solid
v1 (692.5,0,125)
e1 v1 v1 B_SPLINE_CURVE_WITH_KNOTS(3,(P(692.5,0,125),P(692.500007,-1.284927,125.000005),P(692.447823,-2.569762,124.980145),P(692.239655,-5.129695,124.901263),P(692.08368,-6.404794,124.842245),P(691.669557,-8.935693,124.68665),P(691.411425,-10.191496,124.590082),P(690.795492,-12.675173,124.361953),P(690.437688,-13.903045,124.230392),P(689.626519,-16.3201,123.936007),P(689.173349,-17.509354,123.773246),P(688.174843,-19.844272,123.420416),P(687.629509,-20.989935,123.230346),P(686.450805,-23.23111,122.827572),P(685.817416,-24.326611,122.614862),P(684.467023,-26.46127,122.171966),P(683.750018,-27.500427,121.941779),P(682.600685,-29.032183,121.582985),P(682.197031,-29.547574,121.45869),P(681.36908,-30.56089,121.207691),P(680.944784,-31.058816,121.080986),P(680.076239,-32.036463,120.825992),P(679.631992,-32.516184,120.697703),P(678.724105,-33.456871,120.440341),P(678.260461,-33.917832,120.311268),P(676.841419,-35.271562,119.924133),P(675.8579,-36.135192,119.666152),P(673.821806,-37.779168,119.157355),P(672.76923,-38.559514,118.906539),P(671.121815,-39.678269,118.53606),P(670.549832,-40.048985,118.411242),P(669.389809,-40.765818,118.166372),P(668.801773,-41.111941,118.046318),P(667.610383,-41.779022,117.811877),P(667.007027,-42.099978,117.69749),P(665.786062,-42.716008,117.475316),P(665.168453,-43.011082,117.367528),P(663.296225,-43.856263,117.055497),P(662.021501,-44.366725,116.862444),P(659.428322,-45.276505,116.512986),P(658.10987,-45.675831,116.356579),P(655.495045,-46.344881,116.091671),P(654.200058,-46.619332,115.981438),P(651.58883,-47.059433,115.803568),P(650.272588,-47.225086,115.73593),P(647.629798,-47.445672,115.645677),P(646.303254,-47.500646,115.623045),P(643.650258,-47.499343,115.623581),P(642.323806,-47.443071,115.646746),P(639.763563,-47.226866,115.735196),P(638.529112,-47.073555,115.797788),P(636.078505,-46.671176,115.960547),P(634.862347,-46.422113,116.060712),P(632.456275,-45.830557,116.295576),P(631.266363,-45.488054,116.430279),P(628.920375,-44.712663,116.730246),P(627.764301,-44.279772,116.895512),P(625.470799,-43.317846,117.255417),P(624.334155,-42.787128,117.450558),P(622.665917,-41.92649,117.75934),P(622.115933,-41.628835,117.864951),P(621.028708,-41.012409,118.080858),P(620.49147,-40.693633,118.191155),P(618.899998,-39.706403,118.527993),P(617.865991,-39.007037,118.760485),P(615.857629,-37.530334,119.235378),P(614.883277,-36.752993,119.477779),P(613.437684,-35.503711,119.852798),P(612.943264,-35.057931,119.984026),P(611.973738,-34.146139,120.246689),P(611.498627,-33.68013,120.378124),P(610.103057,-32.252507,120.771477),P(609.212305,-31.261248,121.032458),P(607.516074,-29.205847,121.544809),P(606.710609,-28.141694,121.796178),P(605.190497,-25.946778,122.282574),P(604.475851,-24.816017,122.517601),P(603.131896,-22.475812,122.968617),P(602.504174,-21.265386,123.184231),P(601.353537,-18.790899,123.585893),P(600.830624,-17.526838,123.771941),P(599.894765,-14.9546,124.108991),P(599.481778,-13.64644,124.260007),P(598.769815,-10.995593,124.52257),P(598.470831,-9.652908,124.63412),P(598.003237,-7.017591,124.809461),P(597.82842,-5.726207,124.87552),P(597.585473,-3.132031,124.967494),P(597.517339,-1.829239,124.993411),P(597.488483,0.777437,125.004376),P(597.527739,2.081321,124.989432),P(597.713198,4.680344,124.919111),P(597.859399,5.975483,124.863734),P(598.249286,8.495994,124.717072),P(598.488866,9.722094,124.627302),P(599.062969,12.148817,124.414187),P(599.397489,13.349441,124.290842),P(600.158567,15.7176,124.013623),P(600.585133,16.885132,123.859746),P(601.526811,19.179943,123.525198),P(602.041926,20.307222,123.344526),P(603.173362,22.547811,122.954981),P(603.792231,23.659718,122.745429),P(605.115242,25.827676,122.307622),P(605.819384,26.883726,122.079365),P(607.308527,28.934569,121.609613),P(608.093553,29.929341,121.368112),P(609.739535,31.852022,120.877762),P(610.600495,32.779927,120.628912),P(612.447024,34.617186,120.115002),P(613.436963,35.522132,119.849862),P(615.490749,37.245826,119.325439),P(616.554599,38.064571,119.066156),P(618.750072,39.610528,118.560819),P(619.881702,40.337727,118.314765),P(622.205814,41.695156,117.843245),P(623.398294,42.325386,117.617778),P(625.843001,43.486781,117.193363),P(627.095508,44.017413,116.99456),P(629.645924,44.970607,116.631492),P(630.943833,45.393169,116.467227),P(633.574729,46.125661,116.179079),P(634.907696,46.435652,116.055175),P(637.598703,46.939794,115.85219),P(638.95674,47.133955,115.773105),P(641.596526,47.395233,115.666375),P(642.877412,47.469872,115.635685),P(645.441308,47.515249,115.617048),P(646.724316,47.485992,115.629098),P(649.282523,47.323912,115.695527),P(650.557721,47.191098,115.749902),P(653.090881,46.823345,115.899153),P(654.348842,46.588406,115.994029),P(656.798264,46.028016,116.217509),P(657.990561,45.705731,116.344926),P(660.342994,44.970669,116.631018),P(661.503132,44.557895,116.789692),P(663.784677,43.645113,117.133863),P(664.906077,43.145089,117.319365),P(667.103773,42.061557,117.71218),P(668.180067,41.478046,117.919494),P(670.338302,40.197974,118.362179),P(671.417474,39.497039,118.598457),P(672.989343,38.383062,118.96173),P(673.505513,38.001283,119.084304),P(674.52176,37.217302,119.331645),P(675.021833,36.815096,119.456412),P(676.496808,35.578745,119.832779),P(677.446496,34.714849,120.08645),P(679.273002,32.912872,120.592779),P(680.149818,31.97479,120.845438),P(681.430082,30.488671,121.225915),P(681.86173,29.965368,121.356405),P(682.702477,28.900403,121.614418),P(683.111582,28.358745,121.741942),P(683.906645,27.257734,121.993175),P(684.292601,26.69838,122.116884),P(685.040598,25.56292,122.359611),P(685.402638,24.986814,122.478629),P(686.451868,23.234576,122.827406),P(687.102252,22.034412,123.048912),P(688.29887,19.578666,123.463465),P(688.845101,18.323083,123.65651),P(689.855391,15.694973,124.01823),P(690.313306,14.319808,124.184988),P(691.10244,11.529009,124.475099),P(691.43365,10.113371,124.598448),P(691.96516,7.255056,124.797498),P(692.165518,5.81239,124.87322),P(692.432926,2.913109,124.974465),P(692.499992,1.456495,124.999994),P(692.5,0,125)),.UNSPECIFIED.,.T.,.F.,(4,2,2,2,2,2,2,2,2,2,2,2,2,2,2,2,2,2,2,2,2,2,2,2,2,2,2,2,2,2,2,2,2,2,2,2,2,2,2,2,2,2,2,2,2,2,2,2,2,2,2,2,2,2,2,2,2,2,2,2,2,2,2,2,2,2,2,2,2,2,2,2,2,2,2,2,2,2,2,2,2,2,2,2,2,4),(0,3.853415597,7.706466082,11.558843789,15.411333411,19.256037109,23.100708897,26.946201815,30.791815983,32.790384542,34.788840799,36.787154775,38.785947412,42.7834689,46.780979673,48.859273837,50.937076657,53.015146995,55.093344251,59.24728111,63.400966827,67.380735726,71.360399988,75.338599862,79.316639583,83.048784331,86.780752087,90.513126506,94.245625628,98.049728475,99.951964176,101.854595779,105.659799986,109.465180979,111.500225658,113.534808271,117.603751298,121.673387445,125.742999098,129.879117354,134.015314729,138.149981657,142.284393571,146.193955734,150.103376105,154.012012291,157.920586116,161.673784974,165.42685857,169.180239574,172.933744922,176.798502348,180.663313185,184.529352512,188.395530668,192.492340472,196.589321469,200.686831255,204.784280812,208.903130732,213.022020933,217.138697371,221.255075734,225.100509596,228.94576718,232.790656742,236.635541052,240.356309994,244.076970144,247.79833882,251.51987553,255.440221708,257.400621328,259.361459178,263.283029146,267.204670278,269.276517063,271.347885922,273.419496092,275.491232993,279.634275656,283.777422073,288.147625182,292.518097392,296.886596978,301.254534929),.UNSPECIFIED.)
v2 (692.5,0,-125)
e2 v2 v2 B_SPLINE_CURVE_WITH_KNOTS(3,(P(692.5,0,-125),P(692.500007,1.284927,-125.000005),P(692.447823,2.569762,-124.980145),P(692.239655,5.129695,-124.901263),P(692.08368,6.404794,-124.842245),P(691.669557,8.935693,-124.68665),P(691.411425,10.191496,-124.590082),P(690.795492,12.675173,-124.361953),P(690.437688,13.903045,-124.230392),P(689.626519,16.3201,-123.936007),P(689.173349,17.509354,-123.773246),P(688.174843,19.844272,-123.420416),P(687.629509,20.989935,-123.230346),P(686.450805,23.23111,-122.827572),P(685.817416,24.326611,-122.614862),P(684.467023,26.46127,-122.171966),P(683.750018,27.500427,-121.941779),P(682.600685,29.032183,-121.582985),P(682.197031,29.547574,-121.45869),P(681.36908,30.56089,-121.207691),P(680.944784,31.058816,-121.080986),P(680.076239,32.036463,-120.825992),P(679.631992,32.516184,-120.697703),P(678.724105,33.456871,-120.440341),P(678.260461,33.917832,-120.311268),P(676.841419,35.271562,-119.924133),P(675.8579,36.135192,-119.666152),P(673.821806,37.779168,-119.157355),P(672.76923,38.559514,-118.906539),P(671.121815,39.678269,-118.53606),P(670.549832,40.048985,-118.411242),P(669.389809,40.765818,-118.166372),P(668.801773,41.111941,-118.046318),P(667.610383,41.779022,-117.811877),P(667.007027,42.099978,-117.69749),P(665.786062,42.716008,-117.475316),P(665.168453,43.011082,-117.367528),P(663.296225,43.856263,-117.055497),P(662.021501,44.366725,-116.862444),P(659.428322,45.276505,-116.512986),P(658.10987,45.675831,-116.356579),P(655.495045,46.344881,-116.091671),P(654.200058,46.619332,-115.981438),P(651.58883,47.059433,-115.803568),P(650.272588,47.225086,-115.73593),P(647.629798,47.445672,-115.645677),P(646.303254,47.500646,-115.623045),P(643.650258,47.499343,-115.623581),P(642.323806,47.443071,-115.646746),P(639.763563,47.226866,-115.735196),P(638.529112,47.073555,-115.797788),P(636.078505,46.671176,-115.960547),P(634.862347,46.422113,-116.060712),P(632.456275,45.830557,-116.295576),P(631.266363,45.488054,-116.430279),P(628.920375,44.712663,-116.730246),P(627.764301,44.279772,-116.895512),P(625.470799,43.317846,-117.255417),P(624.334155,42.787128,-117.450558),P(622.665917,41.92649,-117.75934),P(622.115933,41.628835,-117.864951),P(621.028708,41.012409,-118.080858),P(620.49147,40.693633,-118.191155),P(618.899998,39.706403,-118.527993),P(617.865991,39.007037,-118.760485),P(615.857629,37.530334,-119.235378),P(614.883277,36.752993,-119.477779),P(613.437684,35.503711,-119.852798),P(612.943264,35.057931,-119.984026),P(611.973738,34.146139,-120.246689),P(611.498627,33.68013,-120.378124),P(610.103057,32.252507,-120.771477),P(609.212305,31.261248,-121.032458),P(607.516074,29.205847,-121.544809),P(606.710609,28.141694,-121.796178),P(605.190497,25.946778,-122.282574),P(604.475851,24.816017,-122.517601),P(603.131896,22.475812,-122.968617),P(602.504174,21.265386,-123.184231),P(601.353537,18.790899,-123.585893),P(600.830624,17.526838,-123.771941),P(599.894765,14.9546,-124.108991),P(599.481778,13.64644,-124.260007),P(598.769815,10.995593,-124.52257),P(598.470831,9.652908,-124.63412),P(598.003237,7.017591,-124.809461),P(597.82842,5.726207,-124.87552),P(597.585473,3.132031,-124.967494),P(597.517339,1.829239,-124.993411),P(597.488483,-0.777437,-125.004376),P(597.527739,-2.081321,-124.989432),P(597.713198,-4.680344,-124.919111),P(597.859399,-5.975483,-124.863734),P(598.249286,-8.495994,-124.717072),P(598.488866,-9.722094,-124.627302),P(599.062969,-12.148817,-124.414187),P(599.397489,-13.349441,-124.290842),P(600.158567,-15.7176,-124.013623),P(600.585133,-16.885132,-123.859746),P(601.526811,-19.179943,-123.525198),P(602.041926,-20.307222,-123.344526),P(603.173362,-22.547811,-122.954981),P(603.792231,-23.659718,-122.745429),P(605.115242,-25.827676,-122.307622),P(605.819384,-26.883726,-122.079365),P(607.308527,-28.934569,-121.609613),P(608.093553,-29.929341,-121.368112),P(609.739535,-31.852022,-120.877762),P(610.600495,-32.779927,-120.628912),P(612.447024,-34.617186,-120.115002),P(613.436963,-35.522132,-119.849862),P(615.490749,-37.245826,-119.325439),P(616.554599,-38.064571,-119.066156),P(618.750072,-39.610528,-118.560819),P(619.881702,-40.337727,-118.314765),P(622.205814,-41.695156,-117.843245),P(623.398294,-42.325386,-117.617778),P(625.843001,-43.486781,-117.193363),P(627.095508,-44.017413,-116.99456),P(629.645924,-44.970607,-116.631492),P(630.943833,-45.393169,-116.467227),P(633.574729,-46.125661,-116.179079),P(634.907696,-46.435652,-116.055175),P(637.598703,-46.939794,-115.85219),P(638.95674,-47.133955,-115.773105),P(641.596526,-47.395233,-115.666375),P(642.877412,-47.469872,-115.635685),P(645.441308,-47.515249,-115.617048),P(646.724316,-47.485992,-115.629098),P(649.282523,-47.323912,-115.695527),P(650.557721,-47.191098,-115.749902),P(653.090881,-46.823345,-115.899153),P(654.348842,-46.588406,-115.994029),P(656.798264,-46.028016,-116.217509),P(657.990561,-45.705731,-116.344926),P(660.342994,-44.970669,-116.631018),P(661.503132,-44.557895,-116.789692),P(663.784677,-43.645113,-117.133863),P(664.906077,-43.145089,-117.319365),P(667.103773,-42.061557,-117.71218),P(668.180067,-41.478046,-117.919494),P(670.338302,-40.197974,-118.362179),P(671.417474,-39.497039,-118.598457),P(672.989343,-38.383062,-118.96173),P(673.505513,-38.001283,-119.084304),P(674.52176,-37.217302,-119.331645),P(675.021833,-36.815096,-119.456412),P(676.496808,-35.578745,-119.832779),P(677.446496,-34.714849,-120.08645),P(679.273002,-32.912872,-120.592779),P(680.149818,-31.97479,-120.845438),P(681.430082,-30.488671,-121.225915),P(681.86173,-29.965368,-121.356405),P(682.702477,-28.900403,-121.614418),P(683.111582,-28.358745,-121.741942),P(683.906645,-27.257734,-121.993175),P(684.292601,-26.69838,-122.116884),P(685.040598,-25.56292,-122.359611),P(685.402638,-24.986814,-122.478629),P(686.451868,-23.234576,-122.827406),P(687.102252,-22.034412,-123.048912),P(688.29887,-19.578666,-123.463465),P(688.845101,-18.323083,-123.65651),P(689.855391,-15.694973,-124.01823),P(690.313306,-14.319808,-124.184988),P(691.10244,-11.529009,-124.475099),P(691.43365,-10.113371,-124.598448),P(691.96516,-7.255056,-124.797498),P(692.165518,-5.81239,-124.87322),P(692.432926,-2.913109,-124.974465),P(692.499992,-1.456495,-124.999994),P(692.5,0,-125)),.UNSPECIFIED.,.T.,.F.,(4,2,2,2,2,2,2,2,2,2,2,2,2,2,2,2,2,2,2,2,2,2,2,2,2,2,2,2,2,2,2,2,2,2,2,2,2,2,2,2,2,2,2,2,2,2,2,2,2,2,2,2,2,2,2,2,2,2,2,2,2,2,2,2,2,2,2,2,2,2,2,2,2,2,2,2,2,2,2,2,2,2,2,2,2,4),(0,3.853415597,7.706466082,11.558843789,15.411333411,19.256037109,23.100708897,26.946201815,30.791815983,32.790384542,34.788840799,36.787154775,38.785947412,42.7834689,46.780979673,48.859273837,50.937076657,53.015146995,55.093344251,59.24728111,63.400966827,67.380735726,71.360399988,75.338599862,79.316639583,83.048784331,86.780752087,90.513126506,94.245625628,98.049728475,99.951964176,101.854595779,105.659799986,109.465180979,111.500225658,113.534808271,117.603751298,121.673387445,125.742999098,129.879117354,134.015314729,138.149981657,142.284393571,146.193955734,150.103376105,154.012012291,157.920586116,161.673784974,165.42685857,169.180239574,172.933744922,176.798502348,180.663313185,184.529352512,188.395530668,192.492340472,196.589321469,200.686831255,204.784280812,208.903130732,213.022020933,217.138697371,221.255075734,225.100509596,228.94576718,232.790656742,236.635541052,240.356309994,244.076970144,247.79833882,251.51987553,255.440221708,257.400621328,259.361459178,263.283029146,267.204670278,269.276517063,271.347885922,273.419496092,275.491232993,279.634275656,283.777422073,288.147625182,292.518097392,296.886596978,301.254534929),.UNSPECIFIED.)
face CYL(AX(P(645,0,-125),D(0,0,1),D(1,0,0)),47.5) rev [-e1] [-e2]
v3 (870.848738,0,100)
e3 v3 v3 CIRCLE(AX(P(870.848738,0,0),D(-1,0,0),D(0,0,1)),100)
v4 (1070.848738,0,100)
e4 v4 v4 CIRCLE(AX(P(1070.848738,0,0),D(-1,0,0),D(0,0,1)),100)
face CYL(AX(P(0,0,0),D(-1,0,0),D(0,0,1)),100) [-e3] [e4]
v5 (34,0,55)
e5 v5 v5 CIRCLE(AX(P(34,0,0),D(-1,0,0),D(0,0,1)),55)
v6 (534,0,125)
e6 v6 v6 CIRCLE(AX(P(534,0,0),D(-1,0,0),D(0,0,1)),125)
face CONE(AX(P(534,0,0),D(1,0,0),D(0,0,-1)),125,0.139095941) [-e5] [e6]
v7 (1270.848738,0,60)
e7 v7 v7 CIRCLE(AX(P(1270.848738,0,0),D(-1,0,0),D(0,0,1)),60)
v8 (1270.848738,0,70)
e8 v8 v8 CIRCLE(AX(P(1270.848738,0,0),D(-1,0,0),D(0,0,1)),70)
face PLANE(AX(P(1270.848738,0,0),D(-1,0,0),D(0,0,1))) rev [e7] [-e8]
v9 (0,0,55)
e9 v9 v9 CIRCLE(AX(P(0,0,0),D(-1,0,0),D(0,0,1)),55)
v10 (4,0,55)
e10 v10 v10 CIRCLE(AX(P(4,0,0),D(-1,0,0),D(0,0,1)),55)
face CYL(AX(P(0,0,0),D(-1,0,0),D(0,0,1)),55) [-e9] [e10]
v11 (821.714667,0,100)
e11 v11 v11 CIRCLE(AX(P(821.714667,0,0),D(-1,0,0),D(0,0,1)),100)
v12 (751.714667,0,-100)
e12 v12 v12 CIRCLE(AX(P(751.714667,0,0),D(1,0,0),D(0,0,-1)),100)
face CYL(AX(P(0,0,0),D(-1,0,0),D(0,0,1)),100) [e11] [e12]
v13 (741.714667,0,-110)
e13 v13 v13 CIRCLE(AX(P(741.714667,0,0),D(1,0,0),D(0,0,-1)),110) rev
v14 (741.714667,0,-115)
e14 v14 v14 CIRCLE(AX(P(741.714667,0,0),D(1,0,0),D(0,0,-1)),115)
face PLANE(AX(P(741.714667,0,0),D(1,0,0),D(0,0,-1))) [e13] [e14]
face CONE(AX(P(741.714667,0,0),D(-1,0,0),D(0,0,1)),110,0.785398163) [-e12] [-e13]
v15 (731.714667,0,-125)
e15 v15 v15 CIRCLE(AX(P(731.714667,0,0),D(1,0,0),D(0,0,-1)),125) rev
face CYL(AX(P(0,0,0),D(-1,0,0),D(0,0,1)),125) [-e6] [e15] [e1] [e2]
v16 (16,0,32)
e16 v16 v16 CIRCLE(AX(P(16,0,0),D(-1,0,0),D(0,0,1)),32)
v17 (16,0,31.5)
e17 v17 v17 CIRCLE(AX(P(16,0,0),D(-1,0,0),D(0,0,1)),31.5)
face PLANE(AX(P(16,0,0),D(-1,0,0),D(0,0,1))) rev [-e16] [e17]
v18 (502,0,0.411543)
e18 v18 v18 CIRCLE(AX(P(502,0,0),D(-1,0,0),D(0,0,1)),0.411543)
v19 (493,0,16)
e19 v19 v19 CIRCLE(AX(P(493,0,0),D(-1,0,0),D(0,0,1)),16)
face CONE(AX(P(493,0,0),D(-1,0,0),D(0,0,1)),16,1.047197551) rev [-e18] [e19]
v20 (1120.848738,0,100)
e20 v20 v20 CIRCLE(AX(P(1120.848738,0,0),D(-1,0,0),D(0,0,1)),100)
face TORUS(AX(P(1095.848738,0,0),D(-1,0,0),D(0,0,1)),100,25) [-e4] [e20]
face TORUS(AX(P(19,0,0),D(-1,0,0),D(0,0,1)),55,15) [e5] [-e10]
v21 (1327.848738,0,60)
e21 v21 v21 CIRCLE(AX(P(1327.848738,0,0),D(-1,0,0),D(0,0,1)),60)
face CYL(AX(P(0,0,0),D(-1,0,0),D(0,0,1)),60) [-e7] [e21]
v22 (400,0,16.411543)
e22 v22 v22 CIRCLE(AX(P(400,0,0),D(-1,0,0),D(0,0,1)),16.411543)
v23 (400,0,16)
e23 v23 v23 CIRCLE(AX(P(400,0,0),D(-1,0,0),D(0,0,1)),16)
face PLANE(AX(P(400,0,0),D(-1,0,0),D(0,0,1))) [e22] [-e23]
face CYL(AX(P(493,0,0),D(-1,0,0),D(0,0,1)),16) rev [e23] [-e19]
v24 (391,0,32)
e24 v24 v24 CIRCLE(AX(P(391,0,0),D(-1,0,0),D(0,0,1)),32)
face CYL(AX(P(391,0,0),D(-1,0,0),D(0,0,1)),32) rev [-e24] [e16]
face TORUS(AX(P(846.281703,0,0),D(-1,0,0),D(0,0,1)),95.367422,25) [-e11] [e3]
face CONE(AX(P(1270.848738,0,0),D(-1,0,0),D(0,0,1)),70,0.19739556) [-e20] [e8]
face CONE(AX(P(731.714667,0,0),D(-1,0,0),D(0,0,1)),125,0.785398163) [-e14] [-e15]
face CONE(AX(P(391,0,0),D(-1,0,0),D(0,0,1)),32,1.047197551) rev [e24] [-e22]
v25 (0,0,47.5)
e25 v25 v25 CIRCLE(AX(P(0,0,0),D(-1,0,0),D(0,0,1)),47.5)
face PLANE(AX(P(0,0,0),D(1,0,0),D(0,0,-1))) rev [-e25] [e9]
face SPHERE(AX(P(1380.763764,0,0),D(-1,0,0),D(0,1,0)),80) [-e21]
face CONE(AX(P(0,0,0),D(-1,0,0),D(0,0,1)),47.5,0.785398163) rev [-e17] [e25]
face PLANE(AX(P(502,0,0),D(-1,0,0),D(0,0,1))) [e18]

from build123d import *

# Parameters (mm, degrees)
CHAMFER1_SIZE           = 10
SKETCH3_R               = 47.5
CUT_EXTRUDE2_DEPTH      = 126.0000001
CUT_EXTRUDE2_DEPTH_BACK = 126.0000001
SKETCH4_R               = 47.5
CUT_EXTRUDE3_DEPTH      = 16
CUT_EXTRUDE3_TAPER      = 45
SKETCH5_R               = 32
CUT_EXTRUDE4_DEPTH      = 375
SKETCH6_R               = 32
CUT_EXTRUDE5_DEPTH      = 9
CUT_EXTRUDE5_TAPER      = 60
SKETCH7_R               = 16
CUT_EXTRUDE6_DEPTH      = 93
SKETCH8_R               = 16
CUT_EXTRUDE7_DEPTH      = 9
CUT_EXTRUDE7_TAPER      = 60


with BuildPart() as part:
    # Sketch1 → Revolve12 (revolve)
    with BuildSketch(Plane.XY):
        with BuildLine():
            ThreePointArc((4, 55), (19, 70), (34, 55))
            Line((34, 55), (534, 125))
            Line((534, 125), (741.714667413, 125))
            Line((741.714667413, 125), (741.714667413, 100))
            Line((741.714667413, 100), (821.714667413, 100))
            ThreePointArc((821.714667413, 100), (846.281702677, 120.36742206), (870.84873794, 100))
            Line((870.84873794, 100), (1070.84873794, 100))
            ThreePointArc((1070.84873794, 100), (1095.84873794, 125), (1120.84873794, 100))
            Line((1120.84873794, 100), (1270.84873794, 70))
            Line((1270.84873794, 70), (1270.84873794, 60))
            Line((1270.84873794, 60), (1327.84873794, 60))
            ThreePointArc((1327.84873794, 60), (1413.678790383, 72.915026221), (1460.763764161, 0))
            Line((1460.763764161, 0), (0, 0))
            Line((0, 0), (0, 55))
            Line((0, 55), (4, 55))
        make_face()
    revolve(axis=Axis((0, 0, 0), (1, 0, 0)))

    # Chamfer1
    chamfer1_edges = [part.edges().sort_by_distance(p)[0] for p in [
        (741.714667413, -125, 0),
        (741.714667413, -100, 0),
    ]]
    chamfer(chamfer1_edges, length=CHAMFER1_SIZE)

    # Sketch3 → Cut-Extrude2 (cut, two sides)
    with BuildSketch(Plane.XY) as cut_extrude2_sk:
        with Locations((645, 0)):
            Circle(SKETCH3_R)
    extrude(amount=CUT_EXTRUDE2_DEPTH, mode=Mode.SUBTRACT)
    extrude(cut_extrude2_sk.sketch, amount=-CUT_EXTRUDE2_DEPTH_BACK, mode=Mode.SUBTRACT)

    # Sketch4 → Cut-Extrude3 (cut)
    with BuildSketch(Plane.ZY):
        Circle(SKETCH4_R)
    extrude(amount=-CUT_EXTRUDE3_DEPTH, taper=CUT_EXTRUDE3_TAPER, mode=Mode.SUBTRACT)

    # Sketch5 → Cut-Extrude4 (cut)
    with BuildSketch(Plane.ZY.offset(-16)):
        Circle(SKETCH5_R)
    extrude(amount=-CUT_EXTRUDE4_DEPTH, mode=Mode.SUBTRACT)

    # Sketch6 → Cut-Extrude5 (cut)
    with BuildSketch(Plane.ZY.offset(-391)):
        Circle(SKETCH6_R)
    extrude(amount=-CUT_EXTRUDE5_DEPTH, taper=CUT_EXTRUDE5_TAPER, mode=Mode.SUBTRACT)

    # Sketch7 → Cut-Extrude6 (cut)
    with BuildSketch(Plane.ZY.offset(-400)):
        Circle(SKETCH7_R)
    extrude(amount=-CUT_EXTRUDE6_DEPTH, mode=Mode.SUBTRACT)

    # Sketch8 → Cut-Extrude7 (cut)
    with BuildSketch(Plane.ZY.offset(-493)):
        Circle(SKETCH8_R)
    extrude(amount=-CUT_EXTRUDE7_DEPTH, taper=CUT_EXTRUDE7_TAPER, mode=Mode.SUBTRACT)


solid = part.part
